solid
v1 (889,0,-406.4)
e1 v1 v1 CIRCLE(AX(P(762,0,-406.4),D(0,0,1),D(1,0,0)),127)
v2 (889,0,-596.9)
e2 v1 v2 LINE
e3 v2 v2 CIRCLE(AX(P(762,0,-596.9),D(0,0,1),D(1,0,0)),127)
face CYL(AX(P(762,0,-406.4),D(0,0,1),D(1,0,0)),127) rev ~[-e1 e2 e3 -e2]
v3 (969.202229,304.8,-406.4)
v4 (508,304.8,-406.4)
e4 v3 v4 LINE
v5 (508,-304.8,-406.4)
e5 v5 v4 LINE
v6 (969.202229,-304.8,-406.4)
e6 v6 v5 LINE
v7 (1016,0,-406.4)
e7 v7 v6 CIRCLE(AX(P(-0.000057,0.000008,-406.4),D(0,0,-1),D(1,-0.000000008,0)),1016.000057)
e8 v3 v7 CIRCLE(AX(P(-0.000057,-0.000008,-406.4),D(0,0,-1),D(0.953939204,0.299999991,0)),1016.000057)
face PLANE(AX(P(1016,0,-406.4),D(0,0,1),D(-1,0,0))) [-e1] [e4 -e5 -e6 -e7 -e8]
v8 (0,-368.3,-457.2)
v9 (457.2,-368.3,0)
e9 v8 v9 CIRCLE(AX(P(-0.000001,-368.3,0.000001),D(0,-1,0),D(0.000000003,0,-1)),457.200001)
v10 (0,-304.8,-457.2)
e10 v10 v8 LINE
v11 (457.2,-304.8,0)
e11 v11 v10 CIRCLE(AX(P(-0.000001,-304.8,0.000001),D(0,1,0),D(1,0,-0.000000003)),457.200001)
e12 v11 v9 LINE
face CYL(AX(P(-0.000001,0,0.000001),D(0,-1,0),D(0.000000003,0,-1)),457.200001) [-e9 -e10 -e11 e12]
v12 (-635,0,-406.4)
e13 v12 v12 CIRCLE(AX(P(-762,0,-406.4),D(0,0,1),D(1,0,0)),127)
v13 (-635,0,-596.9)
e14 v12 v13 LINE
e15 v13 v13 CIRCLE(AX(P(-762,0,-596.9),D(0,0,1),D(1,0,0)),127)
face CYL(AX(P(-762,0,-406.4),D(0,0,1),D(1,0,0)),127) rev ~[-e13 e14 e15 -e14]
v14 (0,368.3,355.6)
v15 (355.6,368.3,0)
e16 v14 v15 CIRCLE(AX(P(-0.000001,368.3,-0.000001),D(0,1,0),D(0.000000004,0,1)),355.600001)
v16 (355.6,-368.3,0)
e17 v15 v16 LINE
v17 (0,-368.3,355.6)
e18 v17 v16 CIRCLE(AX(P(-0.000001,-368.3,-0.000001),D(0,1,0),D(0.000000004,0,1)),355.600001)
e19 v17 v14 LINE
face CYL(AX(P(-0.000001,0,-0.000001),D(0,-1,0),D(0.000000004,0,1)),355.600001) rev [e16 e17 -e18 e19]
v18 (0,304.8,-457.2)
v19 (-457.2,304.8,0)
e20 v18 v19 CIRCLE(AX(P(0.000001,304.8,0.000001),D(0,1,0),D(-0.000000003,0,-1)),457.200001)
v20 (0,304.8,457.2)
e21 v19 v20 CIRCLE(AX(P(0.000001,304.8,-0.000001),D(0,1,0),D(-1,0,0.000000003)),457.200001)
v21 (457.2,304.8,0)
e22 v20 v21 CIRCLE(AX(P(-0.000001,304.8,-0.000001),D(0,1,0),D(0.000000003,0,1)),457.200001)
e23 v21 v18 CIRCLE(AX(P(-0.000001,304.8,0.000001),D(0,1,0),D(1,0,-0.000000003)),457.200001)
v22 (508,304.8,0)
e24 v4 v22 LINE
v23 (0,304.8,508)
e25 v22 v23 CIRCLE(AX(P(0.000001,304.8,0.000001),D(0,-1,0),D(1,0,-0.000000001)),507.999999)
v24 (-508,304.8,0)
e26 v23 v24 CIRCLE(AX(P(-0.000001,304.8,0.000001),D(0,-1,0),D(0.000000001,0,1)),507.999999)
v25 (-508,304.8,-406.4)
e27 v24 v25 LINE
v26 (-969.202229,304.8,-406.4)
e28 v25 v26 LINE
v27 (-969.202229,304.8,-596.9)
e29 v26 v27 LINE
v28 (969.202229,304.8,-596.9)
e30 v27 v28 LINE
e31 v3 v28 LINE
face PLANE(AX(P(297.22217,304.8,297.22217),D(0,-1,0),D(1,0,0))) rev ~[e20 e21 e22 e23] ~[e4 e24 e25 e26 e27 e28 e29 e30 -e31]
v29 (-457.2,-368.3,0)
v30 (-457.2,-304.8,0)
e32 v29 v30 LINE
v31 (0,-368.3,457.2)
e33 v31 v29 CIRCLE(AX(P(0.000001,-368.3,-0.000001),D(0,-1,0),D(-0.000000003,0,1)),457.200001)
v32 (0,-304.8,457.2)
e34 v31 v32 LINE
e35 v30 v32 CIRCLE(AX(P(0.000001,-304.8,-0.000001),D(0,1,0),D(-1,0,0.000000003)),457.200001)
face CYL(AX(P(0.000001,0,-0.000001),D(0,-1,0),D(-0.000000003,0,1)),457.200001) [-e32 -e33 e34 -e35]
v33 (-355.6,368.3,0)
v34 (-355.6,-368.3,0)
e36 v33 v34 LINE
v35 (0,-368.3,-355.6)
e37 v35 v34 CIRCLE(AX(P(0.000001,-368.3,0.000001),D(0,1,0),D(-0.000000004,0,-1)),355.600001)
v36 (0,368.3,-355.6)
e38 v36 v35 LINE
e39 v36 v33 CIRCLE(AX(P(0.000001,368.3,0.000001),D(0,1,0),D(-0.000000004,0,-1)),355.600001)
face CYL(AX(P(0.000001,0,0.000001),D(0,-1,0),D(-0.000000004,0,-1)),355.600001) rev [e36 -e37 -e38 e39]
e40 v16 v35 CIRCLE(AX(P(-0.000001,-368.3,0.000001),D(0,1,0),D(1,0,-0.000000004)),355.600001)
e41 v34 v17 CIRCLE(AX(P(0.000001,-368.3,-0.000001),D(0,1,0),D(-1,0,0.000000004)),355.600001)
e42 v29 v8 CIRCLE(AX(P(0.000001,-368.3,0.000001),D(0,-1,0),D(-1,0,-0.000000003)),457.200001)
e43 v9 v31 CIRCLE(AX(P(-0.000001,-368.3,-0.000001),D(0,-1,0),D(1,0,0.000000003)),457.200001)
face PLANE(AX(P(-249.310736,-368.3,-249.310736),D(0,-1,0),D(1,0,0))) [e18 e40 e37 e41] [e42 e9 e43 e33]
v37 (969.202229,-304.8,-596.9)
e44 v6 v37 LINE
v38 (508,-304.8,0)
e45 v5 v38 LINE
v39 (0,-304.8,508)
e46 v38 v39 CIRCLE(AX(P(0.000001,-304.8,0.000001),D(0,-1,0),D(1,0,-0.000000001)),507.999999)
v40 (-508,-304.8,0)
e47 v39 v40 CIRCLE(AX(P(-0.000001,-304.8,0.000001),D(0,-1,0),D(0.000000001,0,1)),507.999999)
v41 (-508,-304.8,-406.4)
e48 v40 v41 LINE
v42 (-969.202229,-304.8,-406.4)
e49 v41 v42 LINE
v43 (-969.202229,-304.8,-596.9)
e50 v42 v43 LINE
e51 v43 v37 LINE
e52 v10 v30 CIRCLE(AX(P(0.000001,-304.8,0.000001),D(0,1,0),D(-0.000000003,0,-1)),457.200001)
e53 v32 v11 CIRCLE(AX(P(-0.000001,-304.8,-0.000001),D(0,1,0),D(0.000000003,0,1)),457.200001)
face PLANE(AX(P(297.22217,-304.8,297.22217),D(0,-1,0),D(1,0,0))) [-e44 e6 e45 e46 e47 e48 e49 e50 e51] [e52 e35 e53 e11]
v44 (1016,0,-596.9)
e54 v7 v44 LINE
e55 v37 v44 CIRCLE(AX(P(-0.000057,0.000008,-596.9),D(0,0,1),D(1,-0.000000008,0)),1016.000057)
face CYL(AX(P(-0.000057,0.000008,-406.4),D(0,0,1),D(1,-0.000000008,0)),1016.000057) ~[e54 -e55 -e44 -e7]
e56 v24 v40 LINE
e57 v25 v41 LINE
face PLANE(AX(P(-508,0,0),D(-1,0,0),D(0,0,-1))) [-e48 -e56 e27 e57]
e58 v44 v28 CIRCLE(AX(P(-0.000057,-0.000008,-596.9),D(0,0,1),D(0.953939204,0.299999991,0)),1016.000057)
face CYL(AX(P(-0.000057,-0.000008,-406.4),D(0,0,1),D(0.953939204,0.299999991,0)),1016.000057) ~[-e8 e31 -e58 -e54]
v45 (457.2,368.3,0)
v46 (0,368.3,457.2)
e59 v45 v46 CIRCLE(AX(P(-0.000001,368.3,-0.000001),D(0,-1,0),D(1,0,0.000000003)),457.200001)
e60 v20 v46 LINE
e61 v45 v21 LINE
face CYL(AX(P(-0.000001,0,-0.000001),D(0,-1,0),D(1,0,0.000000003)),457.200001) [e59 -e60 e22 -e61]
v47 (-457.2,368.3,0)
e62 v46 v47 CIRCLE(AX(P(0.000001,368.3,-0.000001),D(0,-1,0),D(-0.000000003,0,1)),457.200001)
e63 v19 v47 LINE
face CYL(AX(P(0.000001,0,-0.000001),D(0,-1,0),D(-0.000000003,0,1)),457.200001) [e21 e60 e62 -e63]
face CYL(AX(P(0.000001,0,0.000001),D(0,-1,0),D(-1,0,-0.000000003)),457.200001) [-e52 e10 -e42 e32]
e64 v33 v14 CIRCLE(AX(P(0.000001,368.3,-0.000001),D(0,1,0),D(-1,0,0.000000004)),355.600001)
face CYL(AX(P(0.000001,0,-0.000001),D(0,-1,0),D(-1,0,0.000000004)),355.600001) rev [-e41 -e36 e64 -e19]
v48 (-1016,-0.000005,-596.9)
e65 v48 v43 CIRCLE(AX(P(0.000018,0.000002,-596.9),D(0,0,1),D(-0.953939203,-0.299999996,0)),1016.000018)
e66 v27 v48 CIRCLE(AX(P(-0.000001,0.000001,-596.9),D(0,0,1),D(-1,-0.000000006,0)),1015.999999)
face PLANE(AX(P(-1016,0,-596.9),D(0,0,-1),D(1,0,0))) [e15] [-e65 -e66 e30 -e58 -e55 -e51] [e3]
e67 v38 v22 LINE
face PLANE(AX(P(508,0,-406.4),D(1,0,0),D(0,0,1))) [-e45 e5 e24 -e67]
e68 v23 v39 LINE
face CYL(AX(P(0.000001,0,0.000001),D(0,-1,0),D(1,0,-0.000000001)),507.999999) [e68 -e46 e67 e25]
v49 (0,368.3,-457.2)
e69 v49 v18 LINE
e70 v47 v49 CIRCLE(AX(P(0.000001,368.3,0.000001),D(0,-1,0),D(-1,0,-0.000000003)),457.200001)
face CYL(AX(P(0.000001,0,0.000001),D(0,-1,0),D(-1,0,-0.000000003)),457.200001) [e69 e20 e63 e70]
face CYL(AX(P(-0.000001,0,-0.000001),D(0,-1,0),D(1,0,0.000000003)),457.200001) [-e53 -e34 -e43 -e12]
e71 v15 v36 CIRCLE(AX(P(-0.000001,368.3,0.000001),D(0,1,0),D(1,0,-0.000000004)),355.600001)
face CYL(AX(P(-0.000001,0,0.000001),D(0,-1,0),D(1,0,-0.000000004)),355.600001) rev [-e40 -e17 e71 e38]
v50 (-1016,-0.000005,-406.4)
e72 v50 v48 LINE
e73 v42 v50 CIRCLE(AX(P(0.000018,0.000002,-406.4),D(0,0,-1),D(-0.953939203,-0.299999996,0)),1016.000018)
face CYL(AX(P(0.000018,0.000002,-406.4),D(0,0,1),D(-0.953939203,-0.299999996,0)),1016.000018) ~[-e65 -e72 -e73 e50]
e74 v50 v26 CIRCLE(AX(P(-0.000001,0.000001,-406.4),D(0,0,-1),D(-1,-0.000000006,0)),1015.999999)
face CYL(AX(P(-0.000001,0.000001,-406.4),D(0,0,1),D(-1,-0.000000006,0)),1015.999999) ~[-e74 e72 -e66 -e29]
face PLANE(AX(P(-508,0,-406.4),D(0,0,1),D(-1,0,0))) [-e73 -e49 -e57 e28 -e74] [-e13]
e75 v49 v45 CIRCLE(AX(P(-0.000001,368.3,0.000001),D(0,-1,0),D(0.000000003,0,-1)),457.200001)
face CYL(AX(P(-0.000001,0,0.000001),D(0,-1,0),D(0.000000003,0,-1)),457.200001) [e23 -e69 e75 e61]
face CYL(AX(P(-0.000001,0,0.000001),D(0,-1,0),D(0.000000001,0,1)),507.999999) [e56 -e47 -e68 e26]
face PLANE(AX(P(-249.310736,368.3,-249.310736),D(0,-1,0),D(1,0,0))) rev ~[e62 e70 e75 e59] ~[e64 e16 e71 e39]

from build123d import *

# Parameters (mm, degrees)
F1_DEPTH = 304.8
F2_DEPTH = 368.3
F3_R     = 127
F4_DEPTH = 596.9
F5_R     = 127
F6_DEPTH = 190.501


with BuildPart() as f1:
    # F0 (on Front) → F1 (new body, symmetric)
    with BuildSketch(Plane.XZ):
        with BuildLine():
            Line((457.2, 0), (508, 0))
            ThreePointArc((508, 0), (359.210245, 359.210245), (0, 508))
            Line((0, 508), (0, 457.2))
            ThreePointArc((0, 457.2), (323.28922, 323.28922), (457.2, 0))
        make_face()
        with BuildLine():
            Line((508, -406.4), (508, 0))
            Line((508, 0), (457.2, 0))
            ThreePointArc((457.2, 0), (323.28922, -323.28922), (0, -457.2))
            ThreePointArc((0, -457.2), (-323.28922, -323.28922), (-457.2, 0))
            Line((-457.2, 0), (-508, 0))
            Line((-508, 0), (-508, -406.4))
            Line((-508, -406.4), (-1016, -406.4))
            Line((-1016, -406.4), (-1016, -596.9))
            Line((-1016, -596.9), (1016, -596.9))
            Line((1016, -596.9), (1016, -406.4))
            Line((1016, -406.4), (508, -406.4))
        make_face()
        with BuildLine():
            Line((0, 457.2), (0, 508))
            ThreePointArc((0, 508), (-359.210245, 359.210245), (-508, 0))
            Line((-508, 0), (-457.2, 0))
            ThreePointArc((-457.2, 0), (-323.28922, 323.28922), (0, 457.2))
        make_face()
    extrude(amount=F1_DEPTH, both=True)

    # F0 (on Front) → F2 (join, symmetric)
    with BuildSketch(Plane.XZ):
        with BuildLine():
            ThreePointArc((-457.2, 0), (-323.28922, -323.28922), (0, -457.2))
            Line((0, -457.2), (0, -355.6))
            ThreePointArc((0, -355.6), (-251.447171, -251.447171), (-355.6, 0))
            Line((-355.6, 0), (-457.2, 0))
        make_face()
        with BuildLine():
            ThreePointArc((0, -457.2), (323.28922, -323.28922), (457.2, 0))
            Line((457.2, 0), (355.6, 0))
            ThreePointArc((355.6, 0), (251.447171, -251.447171), (0, -355.6))
            Line((0, -355.6), (0, -457.2))
        make_face()
        with BuildLine():
            Line((355.6, 0), (457.2, 0))
            ThreePointArc((457.2, 0), (323.28922, 323.28922), (0, 457.2))
            Line((0, 457.2), (0, 355.6))
            ThreePointArc((0, 355.6), (251.447171, 251.447171), (355.6, 0))
        make_face()
        with BuildLine():
            Line((0, 355.6), (0, 457.2))
            ThreePointArc((0, 457.2), (-323.28922, 323.28922), (-457.2, 0))
            Line((-457.2, 0), (-355.6, 0))
            ThreePointArc((-355.6, 0), (-251.447171, 251.447171), (0, 355.6))
        make_face()
    extrude(amount=F2_DEPTH, both=True)

    # F3 (on face) → F4 (cut)
    with BuildSketch(Plane.XY.offset(-406.4)):
        with Locations((-762, 0)):
            Circle(F3_R)
        with BuildLine():
            ThreePointArc((-969.202229, -304.8), (-1004.232409, -154.185825), (-1016, -5e-06))
            Line((-1016, -5e-06), (-1016, -304.8))
            Line((-1016, -304.8), (-969.202229, -304.8))
        make_face()
        with BuildLine():
            ThreePointArc((-1016, -5e-06), (-1004.23241, 154.18582), (-969.202229, 304.8))
            Line((-969.202229, 304.8), (-1016, 304.8))
            Line((-1016, 304.8), (-1016, -5e-06))
        make_face()
    extrude(amount=-F4_DEPTH, mode=Mode.SUBTRACT)

    # F5 (on face) → F6 (cut, through all)
    with BuildSketch(Plane.XY.offset(-406.4)):
        with BuildLine():
            ThreePointArc((969.202229, 304.8), (1004.232409, 154.185822), (1016, 0))
            Line((1016, 0), (1016, 304.8))
            Line((1016, 304.8), (969.202229, 304.8))
        make_face()
        with BuildLine():
            ThreePointArc((1016, 0), (1004.232409, -154.185822), (969.202229, -304.8))
            Line((969.202229, -304.8), (1016, -304.8))
            Line((1016, -304.8), (1016, 0))
        make_face()
        with Locations((762, 0)):
            Circle(F5_R)
    extrude(amount=-F6_DEPTH, mode=Mode.SUBTRACT)


solid = f1.part
